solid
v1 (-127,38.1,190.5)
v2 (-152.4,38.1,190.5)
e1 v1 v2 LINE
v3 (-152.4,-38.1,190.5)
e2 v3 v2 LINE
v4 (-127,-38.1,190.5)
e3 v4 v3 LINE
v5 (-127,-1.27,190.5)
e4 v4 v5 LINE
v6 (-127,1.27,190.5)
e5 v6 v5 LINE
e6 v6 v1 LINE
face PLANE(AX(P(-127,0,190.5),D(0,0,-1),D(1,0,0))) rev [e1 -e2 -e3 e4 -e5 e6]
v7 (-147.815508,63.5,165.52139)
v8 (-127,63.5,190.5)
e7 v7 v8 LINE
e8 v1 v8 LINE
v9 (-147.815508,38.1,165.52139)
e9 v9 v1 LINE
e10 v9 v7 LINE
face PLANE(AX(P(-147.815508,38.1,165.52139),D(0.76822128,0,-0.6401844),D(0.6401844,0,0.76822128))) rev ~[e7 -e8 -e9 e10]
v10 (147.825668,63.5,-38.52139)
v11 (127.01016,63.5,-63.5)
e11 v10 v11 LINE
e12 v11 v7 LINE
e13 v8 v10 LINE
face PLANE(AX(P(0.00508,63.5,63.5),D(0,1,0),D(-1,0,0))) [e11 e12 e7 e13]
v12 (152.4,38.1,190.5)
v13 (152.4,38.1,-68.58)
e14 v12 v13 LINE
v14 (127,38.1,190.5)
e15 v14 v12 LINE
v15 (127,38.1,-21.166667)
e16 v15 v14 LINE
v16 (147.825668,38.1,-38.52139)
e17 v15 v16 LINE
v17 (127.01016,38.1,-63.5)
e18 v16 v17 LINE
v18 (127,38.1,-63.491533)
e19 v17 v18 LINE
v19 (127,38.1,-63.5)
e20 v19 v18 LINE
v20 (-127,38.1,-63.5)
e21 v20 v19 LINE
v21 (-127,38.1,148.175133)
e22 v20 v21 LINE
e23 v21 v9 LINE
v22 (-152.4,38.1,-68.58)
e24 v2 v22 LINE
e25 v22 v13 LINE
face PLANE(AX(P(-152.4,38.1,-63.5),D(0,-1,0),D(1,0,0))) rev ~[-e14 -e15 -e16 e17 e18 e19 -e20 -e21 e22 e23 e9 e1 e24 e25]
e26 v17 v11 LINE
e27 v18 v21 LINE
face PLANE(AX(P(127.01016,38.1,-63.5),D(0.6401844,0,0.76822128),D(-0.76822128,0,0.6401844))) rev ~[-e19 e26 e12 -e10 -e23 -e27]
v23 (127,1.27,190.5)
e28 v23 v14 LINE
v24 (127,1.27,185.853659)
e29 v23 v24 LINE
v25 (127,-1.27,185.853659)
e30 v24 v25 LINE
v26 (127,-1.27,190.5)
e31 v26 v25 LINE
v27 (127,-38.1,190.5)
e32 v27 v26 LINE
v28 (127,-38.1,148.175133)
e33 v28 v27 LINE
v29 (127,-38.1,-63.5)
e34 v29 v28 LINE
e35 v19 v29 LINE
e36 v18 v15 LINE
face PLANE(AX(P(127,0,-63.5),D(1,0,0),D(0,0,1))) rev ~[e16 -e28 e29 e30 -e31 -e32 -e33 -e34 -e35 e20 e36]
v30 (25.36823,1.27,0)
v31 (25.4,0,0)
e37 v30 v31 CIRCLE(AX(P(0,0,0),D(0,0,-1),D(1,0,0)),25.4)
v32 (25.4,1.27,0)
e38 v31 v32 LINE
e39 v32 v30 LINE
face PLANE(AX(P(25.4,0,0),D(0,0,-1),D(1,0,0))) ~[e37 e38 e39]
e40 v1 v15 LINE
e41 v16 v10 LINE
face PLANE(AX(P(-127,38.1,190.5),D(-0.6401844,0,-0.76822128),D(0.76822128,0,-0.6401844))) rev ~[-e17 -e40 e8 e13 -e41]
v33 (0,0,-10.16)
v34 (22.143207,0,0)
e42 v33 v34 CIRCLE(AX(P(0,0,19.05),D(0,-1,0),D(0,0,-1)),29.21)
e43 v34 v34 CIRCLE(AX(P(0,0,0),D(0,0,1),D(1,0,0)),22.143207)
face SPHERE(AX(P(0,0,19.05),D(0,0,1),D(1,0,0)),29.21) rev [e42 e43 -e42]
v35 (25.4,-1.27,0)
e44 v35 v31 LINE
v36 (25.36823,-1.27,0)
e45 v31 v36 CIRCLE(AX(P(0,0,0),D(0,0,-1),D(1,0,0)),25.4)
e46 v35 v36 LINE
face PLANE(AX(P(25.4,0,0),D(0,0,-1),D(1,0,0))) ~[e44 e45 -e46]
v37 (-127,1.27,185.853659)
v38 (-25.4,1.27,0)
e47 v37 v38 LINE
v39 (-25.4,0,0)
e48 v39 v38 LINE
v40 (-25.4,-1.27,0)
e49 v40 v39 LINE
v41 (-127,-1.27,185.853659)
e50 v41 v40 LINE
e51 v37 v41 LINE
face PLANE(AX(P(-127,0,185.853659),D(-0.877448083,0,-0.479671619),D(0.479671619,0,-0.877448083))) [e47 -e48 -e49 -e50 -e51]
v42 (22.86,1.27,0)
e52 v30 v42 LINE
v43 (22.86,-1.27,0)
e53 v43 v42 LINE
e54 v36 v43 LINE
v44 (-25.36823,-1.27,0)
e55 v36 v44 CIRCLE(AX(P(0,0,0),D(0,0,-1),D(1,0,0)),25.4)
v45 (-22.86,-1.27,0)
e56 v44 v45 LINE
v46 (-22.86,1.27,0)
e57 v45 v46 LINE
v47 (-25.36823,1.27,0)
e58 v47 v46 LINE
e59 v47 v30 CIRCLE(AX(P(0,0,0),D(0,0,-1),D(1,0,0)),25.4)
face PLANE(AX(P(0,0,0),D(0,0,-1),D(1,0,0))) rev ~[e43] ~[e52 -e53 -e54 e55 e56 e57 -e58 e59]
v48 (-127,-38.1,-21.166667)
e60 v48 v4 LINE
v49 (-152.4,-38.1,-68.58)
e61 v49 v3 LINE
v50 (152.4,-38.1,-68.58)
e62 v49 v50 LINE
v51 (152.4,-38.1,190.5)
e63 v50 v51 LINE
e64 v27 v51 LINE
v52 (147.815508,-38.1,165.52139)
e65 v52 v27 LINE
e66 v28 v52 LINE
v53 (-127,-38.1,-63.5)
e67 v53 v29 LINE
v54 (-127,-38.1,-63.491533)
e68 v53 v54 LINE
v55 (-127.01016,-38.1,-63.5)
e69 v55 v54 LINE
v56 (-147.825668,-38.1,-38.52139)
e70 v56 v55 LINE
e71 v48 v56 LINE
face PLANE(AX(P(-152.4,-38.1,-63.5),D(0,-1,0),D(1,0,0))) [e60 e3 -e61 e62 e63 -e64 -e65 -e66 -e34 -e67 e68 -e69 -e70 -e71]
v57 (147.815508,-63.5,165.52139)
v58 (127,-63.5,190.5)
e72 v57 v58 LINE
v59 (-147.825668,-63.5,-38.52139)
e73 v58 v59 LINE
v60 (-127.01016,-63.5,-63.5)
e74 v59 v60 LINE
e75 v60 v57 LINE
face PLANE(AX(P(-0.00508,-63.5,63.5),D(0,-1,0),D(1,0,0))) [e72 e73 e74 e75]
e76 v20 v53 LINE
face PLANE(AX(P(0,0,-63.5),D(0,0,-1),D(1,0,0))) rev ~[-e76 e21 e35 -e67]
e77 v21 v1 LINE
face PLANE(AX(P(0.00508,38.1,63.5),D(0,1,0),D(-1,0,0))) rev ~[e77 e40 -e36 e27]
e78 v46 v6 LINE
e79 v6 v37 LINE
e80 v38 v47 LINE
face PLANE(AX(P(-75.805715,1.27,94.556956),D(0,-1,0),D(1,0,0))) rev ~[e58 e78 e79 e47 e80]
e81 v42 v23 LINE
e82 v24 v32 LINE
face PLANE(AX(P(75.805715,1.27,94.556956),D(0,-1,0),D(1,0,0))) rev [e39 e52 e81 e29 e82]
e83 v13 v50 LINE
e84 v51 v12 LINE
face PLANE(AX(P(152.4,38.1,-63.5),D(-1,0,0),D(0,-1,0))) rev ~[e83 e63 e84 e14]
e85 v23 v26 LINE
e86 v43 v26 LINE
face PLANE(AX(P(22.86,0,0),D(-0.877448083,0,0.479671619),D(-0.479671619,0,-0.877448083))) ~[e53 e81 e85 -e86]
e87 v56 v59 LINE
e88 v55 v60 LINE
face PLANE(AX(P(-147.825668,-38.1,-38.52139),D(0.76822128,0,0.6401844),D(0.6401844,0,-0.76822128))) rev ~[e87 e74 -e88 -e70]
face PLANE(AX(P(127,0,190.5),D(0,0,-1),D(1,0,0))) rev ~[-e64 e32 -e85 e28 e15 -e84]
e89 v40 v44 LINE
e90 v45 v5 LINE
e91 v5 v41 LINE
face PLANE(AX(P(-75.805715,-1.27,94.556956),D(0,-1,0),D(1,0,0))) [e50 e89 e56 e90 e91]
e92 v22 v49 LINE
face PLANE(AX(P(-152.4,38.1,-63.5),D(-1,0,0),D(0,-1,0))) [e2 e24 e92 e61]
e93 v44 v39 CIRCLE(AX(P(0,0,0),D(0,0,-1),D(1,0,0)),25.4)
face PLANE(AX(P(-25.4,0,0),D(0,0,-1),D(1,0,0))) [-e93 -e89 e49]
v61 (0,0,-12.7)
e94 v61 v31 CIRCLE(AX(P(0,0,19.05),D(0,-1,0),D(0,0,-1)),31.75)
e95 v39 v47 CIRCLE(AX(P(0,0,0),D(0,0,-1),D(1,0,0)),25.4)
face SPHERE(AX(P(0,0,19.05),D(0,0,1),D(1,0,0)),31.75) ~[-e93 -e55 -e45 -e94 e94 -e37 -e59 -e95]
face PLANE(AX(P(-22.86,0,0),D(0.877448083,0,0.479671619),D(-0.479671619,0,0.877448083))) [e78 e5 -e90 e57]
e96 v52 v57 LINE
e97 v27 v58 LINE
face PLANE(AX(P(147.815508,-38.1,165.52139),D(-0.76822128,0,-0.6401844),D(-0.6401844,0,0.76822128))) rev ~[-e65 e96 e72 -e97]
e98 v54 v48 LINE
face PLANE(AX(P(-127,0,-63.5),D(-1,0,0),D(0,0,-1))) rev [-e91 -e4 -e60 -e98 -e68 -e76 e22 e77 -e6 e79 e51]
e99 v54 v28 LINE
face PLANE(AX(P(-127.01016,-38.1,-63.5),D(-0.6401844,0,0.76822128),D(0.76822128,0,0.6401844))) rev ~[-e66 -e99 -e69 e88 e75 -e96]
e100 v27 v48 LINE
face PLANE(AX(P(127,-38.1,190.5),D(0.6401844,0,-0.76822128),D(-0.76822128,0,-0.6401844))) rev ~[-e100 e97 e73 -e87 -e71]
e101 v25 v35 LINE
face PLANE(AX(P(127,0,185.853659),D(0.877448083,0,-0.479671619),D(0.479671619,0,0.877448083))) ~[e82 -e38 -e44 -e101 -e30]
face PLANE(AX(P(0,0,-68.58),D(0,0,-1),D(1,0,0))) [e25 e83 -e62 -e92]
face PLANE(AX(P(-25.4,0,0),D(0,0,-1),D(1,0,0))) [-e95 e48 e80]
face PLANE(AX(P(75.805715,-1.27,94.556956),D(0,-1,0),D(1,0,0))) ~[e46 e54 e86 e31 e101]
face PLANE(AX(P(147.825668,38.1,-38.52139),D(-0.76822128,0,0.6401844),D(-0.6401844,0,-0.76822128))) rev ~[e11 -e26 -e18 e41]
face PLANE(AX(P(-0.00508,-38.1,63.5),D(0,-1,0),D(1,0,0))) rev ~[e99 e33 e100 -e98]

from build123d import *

# Parameters (mm, degrees)
F2_T      = -2.54
F3_W      = 25.4
F3_H      = 254
F4_DEPTH  = 38.1
F7_DEPTH  = 25.4
F12_DEPTH = 1.27
F14_W     = 304.8
F14_H     = 76.2
F15_DEPTH = 5.08


with BuildPart() as f1:
    # F0 (on Front) → F1 (revolve)
    with BuildSketch(Plane.XZ):
        with BuildLine():
            Line((25.4, 0), (0, 0))
            Line((0, 0), (0, -12.7))
            ThreePointArc((0, -12.7), (14.1990316571, -9.3480633142), (25.4, 0))
        make_face()
    revolve(axis=Axis((0, 0, -6.35), (0, 0, -1)))

    # F2
    f2_openings = [f1.faces().sort_by_distance(p)[0] for p in [
        (0, 0, 0),
    ]]
    offset(amount=F2_T, openings=f2_openings)



with BuildPart() as f4:
    # F3 (on Front) → F4 (new body, symmetric)
    with BuildSketch(Plane.XZ):
        with Locations((139.7, 63.5)):
            Rectangle(F3_W, F3_H)
    extrude(amount=F4_DEPTH, both=True)


with BuildPart() as f5_1:
    # F5: instance of F4
    add(f4.part.mirror(Plane.YZ))


with BuildPart() as f7:
    # F6 (on face) → F7 (new body)
    with BuildSketch(Plane.XZ.offset(38.1)):
        Polygon((147.8155081967, 165.5213901639), (127, 190.5), (-147.8256681967, -38.5213901639), (-127.01016, -63.5), align=None)
    extrude(amount=F7_DEPTH)


with BuildPart() as f8_1:
    # F8: instance of F7
    add(f7.part.mirror(Plane.XZ))


with BuildPart() as f9_1:
    # F9: instance of F8_1
    add(f8_1.part.mirror(Plane.YZ))


with BuildPart() as f12:
    # F11 (on Front) → F12 (new body, symmetric)
    with BuildSketch(Plane.XZ):
        Polygon((-22.86, 0), (-127, 190.5), (-127, 185.8536585366), (-25.4, 0), align=None)
    extrude(amount=F12_DEPTH, both=True)


with BuildPart() as f13_1:
    # F13: instance of F12
    add(f12.part.mirror(Plane.YZ))


with BuildPart() as f1_1:
    add(f1.part)

    add(f4.part)  # F15 merges F4

    add(f5_1.part)  # F15 merges F5_1

    add(f7.part)  # F15 merges F7

    add(f9_1.part)  # F15 merges F9_1

    add(f12.part)  # F15 merges F12

    add(f13_1.part)  # F15 merges F13_1
    # F14 (on face) → F15 (join)
    with BuildSketch(Plane(origin=(0, 0, -63.5), x_dir=(1, 0, 0), z_dir=(0, 0, -1))):
        Rectangle(F14_W, F14_H)
    extrude(amount=F15_DEPTH)


solid = f1_1.part
